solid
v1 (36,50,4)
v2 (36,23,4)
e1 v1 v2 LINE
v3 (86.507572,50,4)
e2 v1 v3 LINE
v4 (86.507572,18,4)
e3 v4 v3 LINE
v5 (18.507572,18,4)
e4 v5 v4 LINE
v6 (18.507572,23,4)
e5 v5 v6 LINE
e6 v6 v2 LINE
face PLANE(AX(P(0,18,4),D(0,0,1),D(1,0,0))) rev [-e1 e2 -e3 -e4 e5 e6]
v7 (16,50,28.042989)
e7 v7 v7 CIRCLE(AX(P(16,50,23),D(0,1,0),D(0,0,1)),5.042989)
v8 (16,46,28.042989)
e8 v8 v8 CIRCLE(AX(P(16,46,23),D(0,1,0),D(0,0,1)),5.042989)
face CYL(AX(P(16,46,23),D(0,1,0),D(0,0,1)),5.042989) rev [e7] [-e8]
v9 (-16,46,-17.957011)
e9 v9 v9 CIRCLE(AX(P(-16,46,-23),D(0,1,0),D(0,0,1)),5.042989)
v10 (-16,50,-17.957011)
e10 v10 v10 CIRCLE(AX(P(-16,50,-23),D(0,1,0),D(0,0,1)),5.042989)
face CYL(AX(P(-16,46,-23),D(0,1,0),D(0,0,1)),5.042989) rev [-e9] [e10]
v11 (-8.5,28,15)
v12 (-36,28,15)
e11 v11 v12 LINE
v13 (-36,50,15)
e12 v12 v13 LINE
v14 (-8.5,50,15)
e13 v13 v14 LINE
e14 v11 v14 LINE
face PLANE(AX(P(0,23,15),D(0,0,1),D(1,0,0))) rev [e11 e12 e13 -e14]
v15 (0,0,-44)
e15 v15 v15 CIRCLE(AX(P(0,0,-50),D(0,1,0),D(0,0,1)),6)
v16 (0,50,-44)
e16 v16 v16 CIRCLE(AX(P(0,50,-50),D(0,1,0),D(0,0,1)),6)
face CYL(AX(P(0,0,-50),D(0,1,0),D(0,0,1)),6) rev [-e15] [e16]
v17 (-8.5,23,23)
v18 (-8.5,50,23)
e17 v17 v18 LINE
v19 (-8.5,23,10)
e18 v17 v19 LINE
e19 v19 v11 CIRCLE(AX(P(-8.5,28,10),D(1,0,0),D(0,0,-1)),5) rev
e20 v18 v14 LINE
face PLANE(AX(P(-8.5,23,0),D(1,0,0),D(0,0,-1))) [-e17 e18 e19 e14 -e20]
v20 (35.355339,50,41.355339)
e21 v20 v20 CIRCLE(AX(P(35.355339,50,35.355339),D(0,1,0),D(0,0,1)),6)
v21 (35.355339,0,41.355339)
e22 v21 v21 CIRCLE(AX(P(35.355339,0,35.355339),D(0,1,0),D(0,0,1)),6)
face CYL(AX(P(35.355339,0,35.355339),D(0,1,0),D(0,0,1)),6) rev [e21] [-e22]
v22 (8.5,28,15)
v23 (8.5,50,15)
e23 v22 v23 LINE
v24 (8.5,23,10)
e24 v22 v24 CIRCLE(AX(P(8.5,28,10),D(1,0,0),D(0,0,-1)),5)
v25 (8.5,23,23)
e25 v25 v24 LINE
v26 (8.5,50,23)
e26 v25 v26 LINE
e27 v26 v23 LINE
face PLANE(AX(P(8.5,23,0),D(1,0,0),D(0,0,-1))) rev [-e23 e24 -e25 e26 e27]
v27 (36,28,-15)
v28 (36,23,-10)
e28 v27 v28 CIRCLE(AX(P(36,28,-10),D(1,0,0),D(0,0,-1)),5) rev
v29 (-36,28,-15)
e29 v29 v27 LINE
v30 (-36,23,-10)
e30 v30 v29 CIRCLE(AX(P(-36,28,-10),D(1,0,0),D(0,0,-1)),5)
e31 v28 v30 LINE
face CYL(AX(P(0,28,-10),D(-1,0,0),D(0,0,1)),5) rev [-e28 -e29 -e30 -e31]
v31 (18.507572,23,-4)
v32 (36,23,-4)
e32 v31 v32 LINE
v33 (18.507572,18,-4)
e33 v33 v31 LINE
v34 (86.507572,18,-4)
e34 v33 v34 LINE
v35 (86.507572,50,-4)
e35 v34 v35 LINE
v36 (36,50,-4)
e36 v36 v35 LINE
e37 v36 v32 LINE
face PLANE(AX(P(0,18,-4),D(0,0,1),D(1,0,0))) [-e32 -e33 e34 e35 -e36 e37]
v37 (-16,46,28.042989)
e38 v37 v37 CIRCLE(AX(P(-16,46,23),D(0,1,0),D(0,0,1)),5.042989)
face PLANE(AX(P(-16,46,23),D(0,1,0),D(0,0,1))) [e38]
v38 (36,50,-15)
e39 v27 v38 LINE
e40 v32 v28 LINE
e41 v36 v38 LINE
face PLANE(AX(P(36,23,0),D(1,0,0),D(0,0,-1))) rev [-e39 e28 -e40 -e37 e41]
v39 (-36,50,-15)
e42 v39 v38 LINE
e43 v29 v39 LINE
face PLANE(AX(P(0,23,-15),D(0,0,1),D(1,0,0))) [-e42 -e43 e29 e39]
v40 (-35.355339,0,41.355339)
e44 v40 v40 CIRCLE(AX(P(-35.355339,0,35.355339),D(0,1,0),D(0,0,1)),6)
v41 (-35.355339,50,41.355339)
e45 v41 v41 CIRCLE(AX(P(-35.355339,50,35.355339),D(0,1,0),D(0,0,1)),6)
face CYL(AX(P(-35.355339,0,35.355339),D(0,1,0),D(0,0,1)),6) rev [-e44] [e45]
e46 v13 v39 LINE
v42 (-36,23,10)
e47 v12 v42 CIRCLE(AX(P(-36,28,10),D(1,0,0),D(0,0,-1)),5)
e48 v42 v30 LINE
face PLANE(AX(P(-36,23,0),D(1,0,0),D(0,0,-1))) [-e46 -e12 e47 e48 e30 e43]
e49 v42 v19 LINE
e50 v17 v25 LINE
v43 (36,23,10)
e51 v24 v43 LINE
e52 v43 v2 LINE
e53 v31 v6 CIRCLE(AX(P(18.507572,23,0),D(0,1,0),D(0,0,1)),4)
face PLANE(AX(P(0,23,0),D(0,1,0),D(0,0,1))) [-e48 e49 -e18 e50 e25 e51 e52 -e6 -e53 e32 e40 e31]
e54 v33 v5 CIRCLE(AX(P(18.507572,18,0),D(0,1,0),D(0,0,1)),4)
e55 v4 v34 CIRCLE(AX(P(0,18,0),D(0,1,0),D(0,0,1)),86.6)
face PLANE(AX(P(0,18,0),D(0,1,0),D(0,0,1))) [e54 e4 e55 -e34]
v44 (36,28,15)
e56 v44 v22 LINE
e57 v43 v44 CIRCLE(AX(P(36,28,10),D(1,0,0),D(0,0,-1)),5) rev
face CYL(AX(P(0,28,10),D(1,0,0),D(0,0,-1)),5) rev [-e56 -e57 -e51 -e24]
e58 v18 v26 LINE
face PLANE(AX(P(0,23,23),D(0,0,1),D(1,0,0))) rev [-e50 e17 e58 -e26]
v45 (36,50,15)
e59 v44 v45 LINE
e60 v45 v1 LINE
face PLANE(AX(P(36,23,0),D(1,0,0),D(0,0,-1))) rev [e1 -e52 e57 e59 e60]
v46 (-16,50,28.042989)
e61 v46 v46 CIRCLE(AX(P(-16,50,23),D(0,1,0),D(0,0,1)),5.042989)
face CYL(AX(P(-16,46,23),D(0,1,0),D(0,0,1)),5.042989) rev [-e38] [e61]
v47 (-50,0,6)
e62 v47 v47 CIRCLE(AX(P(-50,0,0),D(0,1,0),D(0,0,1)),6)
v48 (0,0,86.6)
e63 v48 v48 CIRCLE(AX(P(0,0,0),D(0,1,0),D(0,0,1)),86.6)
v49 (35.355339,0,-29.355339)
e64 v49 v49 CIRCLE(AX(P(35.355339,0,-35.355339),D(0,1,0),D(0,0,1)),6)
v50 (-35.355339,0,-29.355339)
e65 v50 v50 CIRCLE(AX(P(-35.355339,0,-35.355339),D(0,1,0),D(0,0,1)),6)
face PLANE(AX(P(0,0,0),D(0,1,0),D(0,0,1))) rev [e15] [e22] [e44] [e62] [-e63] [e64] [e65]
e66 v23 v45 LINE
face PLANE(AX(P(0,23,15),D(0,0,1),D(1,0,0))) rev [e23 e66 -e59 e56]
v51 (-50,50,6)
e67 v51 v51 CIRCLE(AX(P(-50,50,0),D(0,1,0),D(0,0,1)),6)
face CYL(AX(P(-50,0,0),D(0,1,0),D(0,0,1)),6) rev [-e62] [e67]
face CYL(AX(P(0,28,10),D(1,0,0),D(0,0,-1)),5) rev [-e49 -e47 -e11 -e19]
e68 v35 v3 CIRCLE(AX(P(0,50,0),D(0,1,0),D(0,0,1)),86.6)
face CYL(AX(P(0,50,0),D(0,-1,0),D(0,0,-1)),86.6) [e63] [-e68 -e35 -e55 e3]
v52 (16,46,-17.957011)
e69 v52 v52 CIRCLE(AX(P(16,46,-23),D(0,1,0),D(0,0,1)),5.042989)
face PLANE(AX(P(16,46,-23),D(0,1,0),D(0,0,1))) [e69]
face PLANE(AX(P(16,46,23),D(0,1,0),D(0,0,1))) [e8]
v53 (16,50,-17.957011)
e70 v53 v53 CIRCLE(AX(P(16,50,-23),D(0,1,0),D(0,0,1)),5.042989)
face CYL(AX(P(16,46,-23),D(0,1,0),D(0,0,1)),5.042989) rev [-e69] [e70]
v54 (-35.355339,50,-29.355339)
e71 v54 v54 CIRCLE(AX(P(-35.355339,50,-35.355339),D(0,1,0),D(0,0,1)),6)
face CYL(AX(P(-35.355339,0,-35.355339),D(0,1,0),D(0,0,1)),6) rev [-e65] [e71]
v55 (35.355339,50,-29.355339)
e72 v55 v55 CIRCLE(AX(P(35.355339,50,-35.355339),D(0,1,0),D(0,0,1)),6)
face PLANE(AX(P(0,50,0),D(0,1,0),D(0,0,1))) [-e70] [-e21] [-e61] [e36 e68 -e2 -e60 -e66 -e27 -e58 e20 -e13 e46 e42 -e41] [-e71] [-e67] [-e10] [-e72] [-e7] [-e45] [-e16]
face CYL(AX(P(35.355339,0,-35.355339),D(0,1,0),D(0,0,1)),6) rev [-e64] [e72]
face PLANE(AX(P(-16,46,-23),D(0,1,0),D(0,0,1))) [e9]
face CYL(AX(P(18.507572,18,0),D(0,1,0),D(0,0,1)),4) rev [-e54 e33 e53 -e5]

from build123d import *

# Parameters (mm, degrees)
SKETCH1_R           = 86.6
BOSS_EXTRUDE1_DEPTH = 50
SKETCH2_R           = 6
CUT_EXTRUDE1_DEPTH  = 50
SKETCH3_W           = 8.5
SKETCH3_H           = 8
SKETCH3_W_2         = 72
SKETCH3_H_2         = 30
CUT_EXTRUDE2_DEPTH  = 27
FILLET1_R           = 5
FILLET2_R           = 5
CUT_EXTRUDE3_START  = -32
SKETCH4_R           = 4
CUT_EXTRUDE3_DEPTH  = 32
SKETCH5_R           = 5.042988513
CUT_EXTRUDE4_DEPTH  = 4


with BuildPart() as part:
    # Sketch1 → Boss-Extrude1 (new body)
    with BuildSketch(Plane(origin=(0, 0, 0), x_dir=(1, 0, 0), z_dir=(0, 1, 0))):
        with Locations(Location((0, 0, 0), (0, 0, 270))):
            Circle(SKETCH1_R)
    extrude(amount=BOSS_EXTRUDE1_DEPTH)

    # Sketch2 → Cut-Extrude1 (cut)
    with BuildSketch(Plane(origin=(0, 50, 0), x_dir=(1, 0, 0), z_dir=(0, 1, 0))):
        with Locations(Location((0, 50, 0), (0, 0, 270))):
            Circle(SKETCH2_R)
        with Locations(Location((35.355339059, 35.355339059, 0), (0, 0, 270))):
            Circle(SKETCH2_R)
        with Locations(Location((35.355339059, -35.355339059, 0), (0, 0, 270))):
            Circle(SKETCH2_R)
        with Locations(Location((-35.355339059, -35.355339059, 0), (0, 0, 270))):
            Circle(SKETCH2_R)
        with Locations(Location((-50, 0, 0), (0, 0, 270))):
            Circle(SKETCH2_R)
        with Locations(Location((-35.355339059, 35.355339059, 0), (0, 0, 270))):
            Circle(SKETCH2_R)
    extrude(amount=-CUT_EXTRUDE1_DEPTH, mode=Mode.SUBTRACT)

    # Sketch3 → Cut-Extrude2 (cut)
    with BuildSketch(Plane(origin=(0, 50, 0), x_dir=(1, 0, 0), z_dir=(0, 1, 0))):
        with Locations((4.25, -19)):
            Rectangle(SKETCH3_W, SKETCH3_H)
        with Locations((-4.25, -19)):
            Rectangle(SKETCH3_W, SKETCH3_H)
        Rectangle(SKETCH3_W_2, SKETCH3_H_2)
    extrude(amount=-CUT_EXTRUDE2_DEPTH, mode=Mode.SUBTRACT)

    # Fillet1
    fillet1_edges = [part.edges().sort_by_distance(p)[0] for p in [
        (0, 23, -15),
    ]]
    fillet(fillet1_edges, radius=FILLET1_R)

    # Fillet2
    fillet2_edges = [part.edges().sort_by_distance(p)[0] for p in [
        (-22.25, 23, 15),
        (22.25, 23, 15),
    ]]
    fillet(fillet2_edges, radius=FILLET2_R)

    # Sketch4 → Cut-Extrude3 (cut)
    with BuildSketch(Plane(origin=(0, 50, 0), x_dir=(1, 0, 0), z_dir=(0, 1, 0)).offset(CUT_EXTRUDE3_START)):
        with BuildLine():
            Line((86.507571923, 4), (36, 4))
            Line((36, 4), (36, -4))
            Line((36, -4), (86.507571923, -4))
            ThreePointArc((86.507571923, -4), (86.576889897, -2.000533863), (86.6, 0))
            ThreePointArc((86.6, 0), (86.576889897, 2.000533863), (86.507571923, 4))
        make_face()
        with BuildLine():
            Line((36, 4), (18.507571923, 4))
            ThreePointArc((18.507571923, 4), (21.335999048, 2.828427125), (22.507571923, 0))
            ThreePointArc((22.507571923, 0), (21.335999048, -2.828427125), (18.507571923, -4))
            Line((18.507571923, -4), (36, -4))
            Line((36, -4), (36, 4))
        make_face()
        with Locations((18.507571923, 0)):
            Circle(SKETCH4_R)
        with BuildLine():
            ThreePointArc((86.507571923, -4), (90.507571923, 0), (86.507571923, 4))
            ThreePointArc((86.507571923, 4), (86.576889897, 2.000533863), (86.6, 0))
            ThreePointArc((86.6, 0), (86.576889897, -2.000533863), (86.507571923, -4))
        make_face()
    extrude(amount=CUT_EXTRUDE3_DEPTH, mode=Mode.SUBTRACT)

    # Sketch5 → Cut-Extrude4 (cut)
    with BuildSketch(Plane(origin=(0, 50, 0), x_dir=(1, 0, 0), z_dir=(0, 1, 0))):
        with Locations(Location((-16, -23, 0), (0, 0, 270))):
            Circle(SKETCH5_R)
        with Locations(Location((16, -23, 0), (0, 0, 270))):
            Circle(SKETCH5_R)
        with Locations(Location((16, 23, 0), (0, 0, 270))):
            Circle(SKETCH5_R)
        with Locations(Location((-16, 23, 0), (0, 0, 270))):
            Circle(SKETCH5_R)
    extrude(amount=-CUT_EXTRUDE4_DEPTH, mode=Mode.SUBTRACT)


solid = part.part
